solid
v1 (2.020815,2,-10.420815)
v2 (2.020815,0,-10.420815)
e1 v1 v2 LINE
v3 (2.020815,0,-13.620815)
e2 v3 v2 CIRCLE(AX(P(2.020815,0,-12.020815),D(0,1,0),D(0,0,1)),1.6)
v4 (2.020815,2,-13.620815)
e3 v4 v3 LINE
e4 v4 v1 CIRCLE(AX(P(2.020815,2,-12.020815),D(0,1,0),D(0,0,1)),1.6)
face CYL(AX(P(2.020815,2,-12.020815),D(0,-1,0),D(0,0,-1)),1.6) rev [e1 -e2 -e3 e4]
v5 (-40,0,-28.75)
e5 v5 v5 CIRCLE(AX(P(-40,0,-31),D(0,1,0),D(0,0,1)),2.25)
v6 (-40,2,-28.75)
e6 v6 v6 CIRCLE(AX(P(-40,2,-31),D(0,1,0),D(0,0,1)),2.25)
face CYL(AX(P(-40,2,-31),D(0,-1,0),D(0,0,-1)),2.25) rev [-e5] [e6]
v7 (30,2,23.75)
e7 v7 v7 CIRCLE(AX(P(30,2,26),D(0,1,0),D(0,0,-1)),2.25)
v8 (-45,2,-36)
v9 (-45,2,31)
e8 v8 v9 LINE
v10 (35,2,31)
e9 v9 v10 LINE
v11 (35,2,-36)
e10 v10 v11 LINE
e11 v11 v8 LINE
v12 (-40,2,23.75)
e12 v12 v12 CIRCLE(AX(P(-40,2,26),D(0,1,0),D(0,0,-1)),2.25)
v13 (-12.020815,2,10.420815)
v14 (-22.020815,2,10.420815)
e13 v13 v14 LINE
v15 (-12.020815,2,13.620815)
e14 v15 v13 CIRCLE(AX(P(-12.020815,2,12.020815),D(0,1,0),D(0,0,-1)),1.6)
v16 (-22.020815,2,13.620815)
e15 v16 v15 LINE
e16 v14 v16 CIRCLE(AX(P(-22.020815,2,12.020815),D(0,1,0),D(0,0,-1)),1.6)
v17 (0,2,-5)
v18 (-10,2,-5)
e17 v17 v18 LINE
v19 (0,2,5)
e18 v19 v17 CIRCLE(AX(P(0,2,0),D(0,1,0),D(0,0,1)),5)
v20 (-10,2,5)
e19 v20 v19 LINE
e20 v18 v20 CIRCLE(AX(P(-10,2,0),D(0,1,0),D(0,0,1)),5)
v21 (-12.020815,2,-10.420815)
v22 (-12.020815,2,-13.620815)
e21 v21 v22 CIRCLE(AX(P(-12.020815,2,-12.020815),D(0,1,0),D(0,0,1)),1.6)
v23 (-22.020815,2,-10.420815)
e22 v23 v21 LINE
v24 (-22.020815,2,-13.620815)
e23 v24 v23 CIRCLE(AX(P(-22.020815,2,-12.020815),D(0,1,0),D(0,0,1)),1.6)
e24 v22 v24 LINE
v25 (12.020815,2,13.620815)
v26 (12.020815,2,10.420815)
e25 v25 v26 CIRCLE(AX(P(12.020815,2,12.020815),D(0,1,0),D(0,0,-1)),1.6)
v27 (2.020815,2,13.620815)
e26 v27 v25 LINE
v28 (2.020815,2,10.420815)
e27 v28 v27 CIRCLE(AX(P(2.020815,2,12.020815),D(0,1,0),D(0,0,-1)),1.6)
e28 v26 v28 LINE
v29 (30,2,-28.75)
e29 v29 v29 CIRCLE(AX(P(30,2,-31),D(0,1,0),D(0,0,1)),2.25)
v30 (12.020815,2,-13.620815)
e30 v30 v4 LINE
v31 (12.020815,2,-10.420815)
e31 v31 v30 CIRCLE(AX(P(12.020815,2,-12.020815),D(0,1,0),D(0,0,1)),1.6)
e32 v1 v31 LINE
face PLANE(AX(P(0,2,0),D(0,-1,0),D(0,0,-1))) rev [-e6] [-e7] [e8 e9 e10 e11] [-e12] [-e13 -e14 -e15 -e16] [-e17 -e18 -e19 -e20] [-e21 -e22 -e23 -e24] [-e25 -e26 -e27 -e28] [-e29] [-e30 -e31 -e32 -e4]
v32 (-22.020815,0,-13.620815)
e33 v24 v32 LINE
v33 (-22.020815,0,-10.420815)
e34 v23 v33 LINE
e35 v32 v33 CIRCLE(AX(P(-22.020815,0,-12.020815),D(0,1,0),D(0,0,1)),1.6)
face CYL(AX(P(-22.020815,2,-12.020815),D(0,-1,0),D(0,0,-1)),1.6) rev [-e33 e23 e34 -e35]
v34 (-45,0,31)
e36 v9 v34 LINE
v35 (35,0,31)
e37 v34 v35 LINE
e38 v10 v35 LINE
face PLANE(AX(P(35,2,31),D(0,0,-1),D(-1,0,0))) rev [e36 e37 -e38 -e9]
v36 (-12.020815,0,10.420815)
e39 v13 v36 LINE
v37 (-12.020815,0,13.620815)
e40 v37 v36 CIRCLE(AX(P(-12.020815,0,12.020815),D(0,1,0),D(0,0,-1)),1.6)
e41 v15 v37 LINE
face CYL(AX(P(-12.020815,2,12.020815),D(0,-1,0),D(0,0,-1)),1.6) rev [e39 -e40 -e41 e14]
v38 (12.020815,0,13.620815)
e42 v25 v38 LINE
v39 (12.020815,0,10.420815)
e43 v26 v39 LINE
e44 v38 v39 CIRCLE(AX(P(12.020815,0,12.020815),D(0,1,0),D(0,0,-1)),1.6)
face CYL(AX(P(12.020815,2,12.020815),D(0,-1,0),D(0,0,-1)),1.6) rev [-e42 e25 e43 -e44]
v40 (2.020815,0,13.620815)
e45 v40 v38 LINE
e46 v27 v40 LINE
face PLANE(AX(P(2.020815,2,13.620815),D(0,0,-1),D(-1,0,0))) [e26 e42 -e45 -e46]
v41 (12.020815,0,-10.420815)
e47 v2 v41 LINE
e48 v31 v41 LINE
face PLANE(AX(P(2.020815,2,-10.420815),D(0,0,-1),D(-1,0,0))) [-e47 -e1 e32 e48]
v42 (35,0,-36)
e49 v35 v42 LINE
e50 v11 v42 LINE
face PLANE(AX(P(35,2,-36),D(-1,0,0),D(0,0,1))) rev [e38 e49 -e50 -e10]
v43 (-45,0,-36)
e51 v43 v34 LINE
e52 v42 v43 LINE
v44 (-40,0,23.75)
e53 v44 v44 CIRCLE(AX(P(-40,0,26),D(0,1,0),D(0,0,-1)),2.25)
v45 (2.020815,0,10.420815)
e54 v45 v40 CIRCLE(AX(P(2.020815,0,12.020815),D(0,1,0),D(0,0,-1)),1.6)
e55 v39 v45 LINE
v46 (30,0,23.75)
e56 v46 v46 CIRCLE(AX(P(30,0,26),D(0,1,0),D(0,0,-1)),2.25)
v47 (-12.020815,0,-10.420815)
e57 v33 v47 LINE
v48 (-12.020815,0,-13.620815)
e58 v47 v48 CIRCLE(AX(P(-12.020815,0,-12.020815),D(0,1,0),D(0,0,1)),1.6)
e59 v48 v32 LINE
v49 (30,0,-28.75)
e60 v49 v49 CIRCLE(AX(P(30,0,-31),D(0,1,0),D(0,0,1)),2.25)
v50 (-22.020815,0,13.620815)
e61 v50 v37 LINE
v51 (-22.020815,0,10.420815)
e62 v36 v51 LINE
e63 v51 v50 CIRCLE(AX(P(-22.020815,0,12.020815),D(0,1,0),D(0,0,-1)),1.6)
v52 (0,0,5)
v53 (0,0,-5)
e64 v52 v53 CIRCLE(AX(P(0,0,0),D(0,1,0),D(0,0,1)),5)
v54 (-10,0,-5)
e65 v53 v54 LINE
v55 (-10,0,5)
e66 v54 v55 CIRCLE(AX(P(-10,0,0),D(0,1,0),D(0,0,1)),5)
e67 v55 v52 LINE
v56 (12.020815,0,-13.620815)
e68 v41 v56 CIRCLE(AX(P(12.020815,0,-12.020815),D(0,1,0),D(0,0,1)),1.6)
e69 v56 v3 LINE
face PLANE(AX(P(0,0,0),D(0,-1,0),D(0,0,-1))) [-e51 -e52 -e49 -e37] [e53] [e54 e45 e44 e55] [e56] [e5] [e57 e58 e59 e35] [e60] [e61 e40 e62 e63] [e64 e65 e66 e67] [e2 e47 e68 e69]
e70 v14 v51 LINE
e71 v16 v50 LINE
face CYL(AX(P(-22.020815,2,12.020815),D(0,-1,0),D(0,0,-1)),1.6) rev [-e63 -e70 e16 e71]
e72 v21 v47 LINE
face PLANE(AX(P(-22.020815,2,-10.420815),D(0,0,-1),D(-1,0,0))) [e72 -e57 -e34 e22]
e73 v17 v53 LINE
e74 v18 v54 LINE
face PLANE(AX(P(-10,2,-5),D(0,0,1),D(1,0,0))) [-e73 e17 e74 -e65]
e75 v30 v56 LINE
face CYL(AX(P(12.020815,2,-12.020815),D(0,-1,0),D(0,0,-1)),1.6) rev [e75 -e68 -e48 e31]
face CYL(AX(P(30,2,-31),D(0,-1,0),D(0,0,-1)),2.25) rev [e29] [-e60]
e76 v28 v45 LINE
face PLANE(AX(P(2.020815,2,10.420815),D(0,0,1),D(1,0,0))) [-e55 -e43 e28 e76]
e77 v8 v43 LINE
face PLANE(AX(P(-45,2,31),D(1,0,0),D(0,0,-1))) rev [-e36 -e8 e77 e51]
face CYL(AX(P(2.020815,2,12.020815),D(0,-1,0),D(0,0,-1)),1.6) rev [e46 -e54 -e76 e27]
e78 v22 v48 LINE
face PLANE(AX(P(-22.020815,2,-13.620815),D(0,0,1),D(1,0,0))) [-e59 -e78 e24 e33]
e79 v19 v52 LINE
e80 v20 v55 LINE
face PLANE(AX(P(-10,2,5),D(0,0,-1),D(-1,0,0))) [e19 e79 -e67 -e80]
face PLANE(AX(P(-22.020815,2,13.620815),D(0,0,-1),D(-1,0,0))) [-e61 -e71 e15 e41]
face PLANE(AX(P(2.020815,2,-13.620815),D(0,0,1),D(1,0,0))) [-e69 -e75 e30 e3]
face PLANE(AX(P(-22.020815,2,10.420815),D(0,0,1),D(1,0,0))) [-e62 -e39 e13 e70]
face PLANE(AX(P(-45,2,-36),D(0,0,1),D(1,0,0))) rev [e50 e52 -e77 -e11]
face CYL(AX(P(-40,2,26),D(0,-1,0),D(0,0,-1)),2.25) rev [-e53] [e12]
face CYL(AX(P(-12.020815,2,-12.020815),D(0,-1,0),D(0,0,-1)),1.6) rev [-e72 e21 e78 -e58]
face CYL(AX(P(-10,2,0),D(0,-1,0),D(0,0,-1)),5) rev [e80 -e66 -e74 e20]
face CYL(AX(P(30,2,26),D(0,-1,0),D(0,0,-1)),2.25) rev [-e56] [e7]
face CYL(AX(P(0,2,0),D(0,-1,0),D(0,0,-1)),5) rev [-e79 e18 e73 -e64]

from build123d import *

# Parameters (mm, degrees)
SKETCH1_W           = 80
SKETCH1_H           = 67
SKETCH1_R           = 2.25
BOSS_EXTRUDE1_DEPTH = 2


with BuildPart() as part:
    # Sketch1 → Boss-Extrude1 (new body)
    with BuildSketch(Plane(origin=(0, 0, 0), x_dir=(1, 0, 0), z_dir=(0, 1, 0))):
        with Locations((-5, 2.5)):
            Rectangle(SKETCH1_W, SKETCH1_H)
        with Locations((30, -26)):
            Circle(SKETCH1_R, mode=Mode.SUBTRACT)
        with Locations((-40, -26)):
            Circle(SKETCH1_R, mode=Mode.SUBTRACT)
        with Locations((-40, 31)):
            Circle(SKETCH1_R, mode=Mode.SUBTRACT)
        with Locations((30, 31)):
            Circle(SKETCH1_R, mode=Mode.SUBTRACT)
        with BuildLine():
            Line((-22.02081528, 13.62081528), (-12.02081528, 13.62081528))
            ThreePointArc((-12.02081528, 13.62081528), (-10.42081528, 12.02081528), (-12.02081528, 10.42081528))
            Line((-12.02081528, 10.42081528), (-22.02081528, 10.42081528))
            ThreePointArc((-22.02081528, 10.42081528), (-23.62081528, 12.02081528), (-22.02081528, 13.62081528))
        make_face(mode=Mode.SUBTRACT)
        with BuildLine():
            Line((2.02081528, 13.62081528), (12.02081528, 13.62081528))
            ThreePointArc((12.02081528, 13.62081528), (13.62081528, 12.02081528), (12.02081528, 10.42081528))
            Line((12.02081528, 10.42081528), (2.02081528, 10.42081528))
            ThreePointArc((2.02081528, 10.42081528), (0.42081528, 12.02081528), (2.02081528, 13.62081528))
        make_face(mode=Mode.SUBTRACT)
        with BuildLine():
            Line((-10, 5), (0, 5))
            ThreePointArc((0, 5), (5, 0), (0, -5))
            Line((0, -5), (-10, -5))
            ThreePointArc((-10, -5), (-15, 0), (-10, 5))
        make_face(mode=Mode.SUBTRACT)
        with BuildLine():
            Line((-22.02081528, -13.62081528), (-12.02081528, -13.62081528))
            ThreePointArc((-12.02081528, -13.62081528), (-10.42081528, -12.02081528), (-12.02081528, -10.42081528))
            Line((-12.02081528, -10.42081528), (-22.02081528, -10.42081528))
            ThreePointArc((-22.02081528, -10.42081528), (-23.62081528, -12.02081528), (-22.02081528, -13.62081528))
        make_face(mode=Mode.SUBTRACT)
        with BuildLine():
            Line((2.02081528, -13.62081528), (12.02081528, -13.62081528))
            ThreePointArc((12.02081528, -13.62081528), (13.62081528, -12.02081528), (12.02081528, -10.42081528))
            Line((12.02081528, -10.42081528), (2.02081528, -10.42081528))
            ThreePointArc((2.02081528, -10.42081528), (0.42081528, -12.02081528), (2.02081528, -13.62081528))
        make_face(mode=Mode.SUBTRACT)
    extrude(amount=BOSS_EXTRUDE1_DEPTH)


solid = part.part
